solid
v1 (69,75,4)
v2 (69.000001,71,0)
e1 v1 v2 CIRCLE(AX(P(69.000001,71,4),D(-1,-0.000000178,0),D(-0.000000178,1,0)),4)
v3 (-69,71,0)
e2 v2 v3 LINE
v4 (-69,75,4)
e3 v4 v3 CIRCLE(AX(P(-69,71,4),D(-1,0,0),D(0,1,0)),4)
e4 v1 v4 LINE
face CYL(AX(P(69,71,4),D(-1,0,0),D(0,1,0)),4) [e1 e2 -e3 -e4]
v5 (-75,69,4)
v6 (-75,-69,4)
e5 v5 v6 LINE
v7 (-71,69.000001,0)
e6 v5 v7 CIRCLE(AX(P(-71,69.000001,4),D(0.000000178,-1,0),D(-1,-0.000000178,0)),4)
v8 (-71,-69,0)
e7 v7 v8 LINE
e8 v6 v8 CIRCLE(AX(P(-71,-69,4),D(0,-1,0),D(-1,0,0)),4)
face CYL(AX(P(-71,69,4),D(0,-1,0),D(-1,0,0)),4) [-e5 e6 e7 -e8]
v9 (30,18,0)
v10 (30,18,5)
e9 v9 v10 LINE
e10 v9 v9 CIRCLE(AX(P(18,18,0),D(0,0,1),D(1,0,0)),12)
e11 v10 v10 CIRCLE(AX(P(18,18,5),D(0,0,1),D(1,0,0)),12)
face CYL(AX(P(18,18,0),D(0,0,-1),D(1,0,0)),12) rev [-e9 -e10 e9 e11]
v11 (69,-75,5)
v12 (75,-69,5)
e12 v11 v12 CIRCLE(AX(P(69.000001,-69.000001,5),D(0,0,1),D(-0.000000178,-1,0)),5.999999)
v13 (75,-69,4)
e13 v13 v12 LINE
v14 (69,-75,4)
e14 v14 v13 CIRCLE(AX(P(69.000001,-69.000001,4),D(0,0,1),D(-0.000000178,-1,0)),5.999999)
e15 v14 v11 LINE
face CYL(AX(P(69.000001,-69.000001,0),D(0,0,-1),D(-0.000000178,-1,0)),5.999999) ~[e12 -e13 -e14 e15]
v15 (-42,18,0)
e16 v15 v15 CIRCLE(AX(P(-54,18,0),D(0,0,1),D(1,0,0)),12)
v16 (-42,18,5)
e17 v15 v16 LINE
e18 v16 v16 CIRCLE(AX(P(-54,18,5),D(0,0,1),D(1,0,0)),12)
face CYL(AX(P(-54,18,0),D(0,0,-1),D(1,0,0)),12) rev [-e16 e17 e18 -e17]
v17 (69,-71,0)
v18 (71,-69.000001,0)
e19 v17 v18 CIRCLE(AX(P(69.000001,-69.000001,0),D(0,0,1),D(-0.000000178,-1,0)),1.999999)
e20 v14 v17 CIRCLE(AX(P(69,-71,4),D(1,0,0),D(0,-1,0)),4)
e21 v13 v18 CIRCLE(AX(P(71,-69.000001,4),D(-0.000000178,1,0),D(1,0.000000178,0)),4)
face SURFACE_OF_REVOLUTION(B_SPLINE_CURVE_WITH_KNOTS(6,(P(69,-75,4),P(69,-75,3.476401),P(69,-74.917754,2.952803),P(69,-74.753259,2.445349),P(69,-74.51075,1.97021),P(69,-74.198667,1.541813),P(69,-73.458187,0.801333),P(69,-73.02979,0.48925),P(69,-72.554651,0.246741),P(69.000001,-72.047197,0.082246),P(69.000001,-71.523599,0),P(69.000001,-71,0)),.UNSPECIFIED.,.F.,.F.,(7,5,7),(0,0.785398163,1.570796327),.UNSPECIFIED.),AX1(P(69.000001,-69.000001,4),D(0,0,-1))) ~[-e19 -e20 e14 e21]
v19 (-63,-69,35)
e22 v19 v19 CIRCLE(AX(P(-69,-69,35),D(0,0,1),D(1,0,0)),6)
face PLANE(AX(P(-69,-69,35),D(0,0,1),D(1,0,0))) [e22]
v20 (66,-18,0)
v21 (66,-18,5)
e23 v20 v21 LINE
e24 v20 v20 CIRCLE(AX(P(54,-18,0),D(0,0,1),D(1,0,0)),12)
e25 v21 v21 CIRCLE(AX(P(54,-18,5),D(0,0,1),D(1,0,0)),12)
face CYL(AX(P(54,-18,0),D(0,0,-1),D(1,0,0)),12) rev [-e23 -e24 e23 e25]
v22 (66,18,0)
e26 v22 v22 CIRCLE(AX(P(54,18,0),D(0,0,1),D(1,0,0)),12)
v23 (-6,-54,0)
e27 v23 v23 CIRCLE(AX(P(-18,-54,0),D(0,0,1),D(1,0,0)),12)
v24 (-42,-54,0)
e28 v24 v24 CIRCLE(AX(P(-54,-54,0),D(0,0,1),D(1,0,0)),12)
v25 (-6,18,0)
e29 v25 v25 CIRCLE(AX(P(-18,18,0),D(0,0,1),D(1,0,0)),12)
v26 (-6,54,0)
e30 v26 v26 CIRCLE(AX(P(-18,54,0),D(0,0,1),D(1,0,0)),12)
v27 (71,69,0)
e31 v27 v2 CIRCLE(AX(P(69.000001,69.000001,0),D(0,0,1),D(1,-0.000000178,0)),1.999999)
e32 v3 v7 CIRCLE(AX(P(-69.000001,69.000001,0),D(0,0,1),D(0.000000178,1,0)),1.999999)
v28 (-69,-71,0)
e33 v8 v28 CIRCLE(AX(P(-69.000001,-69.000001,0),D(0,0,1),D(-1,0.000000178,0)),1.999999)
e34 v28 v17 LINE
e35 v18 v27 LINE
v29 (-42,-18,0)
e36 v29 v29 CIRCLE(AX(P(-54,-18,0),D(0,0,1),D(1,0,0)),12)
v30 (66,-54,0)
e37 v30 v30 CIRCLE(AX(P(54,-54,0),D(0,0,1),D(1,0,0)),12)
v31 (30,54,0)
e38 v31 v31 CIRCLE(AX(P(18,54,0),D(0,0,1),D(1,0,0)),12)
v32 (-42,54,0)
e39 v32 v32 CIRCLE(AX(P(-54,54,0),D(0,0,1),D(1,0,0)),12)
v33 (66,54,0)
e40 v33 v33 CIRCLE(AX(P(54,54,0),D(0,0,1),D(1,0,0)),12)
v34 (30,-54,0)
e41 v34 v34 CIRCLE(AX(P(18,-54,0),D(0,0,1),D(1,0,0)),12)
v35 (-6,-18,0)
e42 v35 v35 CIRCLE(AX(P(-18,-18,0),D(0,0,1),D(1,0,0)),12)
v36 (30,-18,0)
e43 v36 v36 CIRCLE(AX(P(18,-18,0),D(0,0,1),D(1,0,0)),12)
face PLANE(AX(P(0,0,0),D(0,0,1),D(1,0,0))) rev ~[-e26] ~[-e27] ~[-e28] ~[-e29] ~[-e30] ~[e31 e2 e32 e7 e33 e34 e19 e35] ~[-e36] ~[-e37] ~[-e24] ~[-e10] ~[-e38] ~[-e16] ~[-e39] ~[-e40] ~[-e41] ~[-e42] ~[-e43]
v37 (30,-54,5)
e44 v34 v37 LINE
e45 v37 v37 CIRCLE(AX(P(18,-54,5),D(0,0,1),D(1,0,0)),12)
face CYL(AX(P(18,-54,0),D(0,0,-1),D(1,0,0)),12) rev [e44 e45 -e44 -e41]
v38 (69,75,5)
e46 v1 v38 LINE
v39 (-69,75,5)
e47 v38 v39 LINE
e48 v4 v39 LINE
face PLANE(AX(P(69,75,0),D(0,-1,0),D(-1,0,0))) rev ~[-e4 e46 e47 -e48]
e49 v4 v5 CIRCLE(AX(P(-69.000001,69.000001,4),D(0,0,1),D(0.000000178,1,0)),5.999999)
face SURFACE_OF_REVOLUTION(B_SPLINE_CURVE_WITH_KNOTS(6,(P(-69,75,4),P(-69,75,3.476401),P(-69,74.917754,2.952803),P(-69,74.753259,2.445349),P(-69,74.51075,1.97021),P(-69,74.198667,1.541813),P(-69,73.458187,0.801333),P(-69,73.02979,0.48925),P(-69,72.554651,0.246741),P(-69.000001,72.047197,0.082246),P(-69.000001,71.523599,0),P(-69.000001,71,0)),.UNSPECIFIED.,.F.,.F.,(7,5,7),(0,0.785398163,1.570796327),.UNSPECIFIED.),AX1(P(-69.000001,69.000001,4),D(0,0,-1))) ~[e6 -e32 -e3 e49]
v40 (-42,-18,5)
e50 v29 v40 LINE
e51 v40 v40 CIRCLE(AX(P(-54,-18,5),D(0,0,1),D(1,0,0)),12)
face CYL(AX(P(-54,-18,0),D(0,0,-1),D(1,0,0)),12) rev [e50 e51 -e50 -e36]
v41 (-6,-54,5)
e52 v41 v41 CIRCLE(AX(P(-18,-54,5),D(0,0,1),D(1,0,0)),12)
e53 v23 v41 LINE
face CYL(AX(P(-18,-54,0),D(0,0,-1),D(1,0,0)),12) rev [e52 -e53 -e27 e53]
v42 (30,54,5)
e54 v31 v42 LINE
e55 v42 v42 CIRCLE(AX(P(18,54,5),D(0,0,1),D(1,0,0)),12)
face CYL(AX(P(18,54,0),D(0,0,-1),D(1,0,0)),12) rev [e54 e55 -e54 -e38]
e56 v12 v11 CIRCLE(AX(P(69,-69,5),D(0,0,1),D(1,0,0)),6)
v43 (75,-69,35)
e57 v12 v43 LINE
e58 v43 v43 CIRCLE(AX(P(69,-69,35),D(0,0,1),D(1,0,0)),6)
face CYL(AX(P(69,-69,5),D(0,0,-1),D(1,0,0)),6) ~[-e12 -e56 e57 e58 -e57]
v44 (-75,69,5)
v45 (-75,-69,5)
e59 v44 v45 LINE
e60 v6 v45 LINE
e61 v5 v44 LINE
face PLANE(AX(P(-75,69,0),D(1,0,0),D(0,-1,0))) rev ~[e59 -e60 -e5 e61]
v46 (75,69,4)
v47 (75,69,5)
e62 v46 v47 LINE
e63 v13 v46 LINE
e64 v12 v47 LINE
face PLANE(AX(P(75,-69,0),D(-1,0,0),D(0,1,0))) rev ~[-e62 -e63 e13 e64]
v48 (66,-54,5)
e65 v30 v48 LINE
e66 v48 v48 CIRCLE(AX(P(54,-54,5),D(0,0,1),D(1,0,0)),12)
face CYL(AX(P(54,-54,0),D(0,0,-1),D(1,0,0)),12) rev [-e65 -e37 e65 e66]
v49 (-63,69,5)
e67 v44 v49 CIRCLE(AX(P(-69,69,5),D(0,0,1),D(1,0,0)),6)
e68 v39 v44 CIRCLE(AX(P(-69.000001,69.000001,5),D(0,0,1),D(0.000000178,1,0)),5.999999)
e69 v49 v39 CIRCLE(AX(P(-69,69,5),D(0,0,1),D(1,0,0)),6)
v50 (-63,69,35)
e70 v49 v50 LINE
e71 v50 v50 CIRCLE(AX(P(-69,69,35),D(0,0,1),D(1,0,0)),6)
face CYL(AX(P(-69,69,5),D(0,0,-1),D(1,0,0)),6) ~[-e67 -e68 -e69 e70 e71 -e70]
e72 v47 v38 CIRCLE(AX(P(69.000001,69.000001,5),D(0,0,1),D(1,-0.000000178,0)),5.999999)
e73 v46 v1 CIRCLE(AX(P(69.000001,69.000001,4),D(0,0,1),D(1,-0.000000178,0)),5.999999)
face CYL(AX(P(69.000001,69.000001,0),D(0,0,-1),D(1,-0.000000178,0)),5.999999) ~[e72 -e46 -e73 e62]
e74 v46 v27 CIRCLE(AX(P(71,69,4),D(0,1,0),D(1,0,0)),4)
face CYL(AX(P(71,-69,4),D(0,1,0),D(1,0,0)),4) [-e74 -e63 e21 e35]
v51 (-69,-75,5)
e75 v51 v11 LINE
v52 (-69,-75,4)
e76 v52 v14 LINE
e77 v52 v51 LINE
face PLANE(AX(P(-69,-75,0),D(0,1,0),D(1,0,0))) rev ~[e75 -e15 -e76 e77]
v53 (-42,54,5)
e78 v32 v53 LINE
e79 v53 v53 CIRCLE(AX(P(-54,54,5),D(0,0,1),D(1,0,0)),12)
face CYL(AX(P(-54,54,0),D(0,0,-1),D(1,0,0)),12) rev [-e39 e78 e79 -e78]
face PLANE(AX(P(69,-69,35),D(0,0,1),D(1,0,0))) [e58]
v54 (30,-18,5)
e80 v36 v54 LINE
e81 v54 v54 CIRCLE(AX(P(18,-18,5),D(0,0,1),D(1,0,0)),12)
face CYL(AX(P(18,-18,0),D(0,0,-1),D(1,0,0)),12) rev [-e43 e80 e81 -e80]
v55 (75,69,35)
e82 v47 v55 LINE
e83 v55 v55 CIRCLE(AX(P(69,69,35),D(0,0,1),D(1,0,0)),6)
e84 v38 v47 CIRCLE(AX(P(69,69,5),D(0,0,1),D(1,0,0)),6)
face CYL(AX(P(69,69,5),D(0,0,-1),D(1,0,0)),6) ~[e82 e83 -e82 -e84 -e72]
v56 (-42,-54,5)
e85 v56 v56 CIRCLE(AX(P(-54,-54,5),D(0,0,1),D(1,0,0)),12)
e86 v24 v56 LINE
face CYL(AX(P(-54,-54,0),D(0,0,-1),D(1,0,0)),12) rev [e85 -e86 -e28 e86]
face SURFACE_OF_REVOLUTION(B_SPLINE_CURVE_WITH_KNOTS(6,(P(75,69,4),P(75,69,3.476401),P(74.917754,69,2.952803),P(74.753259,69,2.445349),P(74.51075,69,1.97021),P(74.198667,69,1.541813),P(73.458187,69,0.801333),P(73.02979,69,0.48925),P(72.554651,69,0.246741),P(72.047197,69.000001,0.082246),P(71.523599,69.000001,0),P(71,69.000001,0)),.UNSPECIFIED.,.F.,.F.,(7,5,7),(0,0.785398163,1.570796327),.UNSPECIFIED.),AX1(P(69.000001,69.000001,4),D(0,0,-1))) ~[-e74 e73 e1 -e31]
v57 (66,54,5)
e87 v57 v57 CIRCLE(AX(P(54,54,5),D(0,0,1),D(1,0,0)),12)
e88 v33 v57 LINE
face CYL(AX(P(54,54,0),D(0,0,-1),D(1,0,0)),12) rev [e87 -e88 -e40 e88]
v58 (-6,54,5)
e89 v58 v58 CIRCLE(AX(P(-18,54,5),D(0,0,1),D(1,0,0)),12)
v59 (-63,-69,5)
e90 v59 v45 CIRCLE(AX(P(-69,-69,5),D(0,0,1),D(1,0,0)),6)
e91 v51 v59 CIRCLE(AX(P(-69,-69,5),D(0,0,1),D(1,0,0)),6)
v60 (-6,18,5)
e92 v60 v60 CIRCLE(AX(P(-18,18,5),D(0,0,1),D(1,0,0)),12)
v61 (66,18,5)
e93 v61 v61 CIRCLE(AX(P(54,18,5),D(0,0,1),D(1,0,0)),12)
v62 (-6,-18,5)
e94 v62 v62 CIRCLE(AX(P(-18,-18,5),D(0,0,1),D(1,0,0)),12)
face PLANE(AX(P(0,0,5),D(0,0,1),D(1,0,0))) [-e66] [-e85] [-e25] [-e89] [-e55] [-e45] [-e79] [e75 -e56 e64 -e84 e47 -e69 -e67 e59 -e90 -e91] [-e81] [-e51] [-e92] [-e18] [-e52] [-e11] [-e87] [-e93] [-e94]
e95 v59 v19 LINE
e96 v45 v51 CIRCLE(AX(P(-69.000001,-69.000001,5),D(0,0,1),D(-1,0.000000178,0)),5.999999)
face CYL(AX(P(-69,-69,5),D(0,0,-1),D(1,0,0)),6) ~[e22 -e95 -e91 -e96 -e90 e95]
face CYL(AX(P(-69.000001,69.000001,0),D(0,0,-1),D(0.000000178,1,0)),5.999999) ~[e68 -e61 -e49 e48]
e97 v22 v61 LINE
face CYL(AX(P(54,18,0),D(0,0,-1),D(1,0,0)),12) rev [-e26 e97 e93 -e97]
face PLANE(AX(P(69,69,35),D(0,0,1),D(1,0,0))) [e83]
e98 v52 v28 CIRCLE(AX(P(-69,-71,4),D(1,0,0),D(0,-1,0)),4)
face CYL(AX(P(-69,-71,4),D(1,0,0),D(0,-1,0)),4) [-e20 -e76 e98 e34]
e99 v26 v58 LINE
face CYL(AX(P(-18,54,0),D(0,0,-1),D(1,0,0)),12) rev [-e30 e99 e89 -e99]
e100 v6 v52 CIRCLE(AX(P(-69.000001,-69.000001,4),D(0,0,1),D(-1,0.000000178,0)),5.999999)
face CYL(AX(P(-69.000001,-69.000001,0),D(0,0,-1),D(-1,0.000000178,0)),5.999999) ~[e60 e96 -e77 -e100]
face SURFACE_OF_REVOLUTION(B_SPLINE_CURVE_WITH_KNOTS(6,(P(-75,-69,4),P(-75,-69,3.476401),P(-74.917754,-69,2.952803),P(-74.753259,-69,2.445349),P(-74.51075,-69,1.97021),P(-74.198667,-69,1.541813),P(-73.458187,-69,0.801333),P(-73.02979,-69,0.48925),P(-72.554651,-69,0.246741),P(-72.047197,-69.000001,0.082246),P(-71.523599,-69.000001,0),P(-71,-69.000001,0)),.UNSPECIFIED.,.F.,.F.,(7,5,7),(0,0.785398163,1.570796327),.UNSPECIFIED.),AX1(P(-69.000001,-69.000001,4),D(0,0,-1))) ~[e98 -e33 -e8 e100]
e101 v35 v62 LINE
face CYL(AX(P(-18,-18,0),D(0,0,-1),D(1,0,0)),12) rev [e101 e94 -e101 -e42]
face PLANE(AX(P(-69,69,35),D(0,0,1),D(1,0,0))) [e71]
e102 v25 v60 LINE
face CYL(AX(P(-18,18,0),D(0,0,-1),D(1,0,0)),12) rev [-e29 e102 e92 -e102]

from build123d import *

# Parameters (mm, degrees)
SKETCH_R     = 12
PAD_DEPTH    = 5
SKETCH001_R  = 6
PAD001_DEPTH = 30
FILLET_R     = 4


with BuildPart() as part:
    # Sketch → Pad (new body)
    with BuildSketch(Plane.XY):
        with BuildLine():
            Line((-69, -75), (69, -75))
            ThreePointArc((69, -75), (73.242641, -73.242641), (75, -69))
            Line((75, -69), (75, 69))
            ThreePointArc((75, 69), (73.242641, 73.242641), (69, 75))
            Line((69, 75), (-69, 75))
            ThreePointArc((-69, 75), (-73.242641, 73.242641), (-75, 69))
            Line((-75, 69), (-75, -69))
            ThreePointArc((-75, -69), (-73.242641, -73.242641), (-69, -75))
        make_face()
        with Locations((-54, 54)):
            Circle(SKETCH_R, mode=Mode.SUBTRACT)
        with Locations((-18, 54)):
            Circle(SKETCH_R, mode=Mode.SUBTRACT)
        with Locations((18, 54)):
            Circle(SKETCH_R, mode=Mode.SUBTRACT)
        with Locations((54, 54)):
            Circle(SKETCH_R, mode=Mode.SUBTRACT)
        with Locations((-54, 18)):
            Circle(SKETCH_R, mode=Mode.SUBTRACT)
        with Locations((-18, 18)):
            Circle(SKETCH_R, mode=Mode.SUBTRACT)
        with Locations((18, 18)):
            Circle(SKETCH_R, mode=Mode.SUBTRACT)
        with Locations((54, 18)):
            Circle(SKETCH_R, mode=Mode.SUBTRACT)
        with Locations((-54, -18)):
            Circle(SKETCH_R, mode=Mode.SUBTRACT)
        with Locations((-18, -18)):
            Circle(SKETCH_R, mode=Mode.SUBTRACT)
        with Locations((18, -18)):
            Circle(SKETCH_R, mode=Mode.SUBTRACT)
        with Locations((54, -18)):
            Circle(SKETCH_R, mode=Mode.SUBTRACT)
        with Locations((-54, -54)):
            Circle(SKETCH_R, mode=Mode.SUBTRACT)
        with Locations((-18, -54)):
            Circle(SKETCH_R, mode=Mode.SUBTRACT)
        with Locations((18, -54)):
            Circle(SKETCH_R, mode=Mode.SUBTRACT)
        with Locations((54, -54)):
            Circle(SKETCH_R, mode=Mode.SUBTRACT)
    extrude(amount=PAD_DEPTH)

    # Sketch001 (on Face26 of Pad) → Pad001 (join)
    with BuildSketch(Plane.XY.offset(5)):
        with Locations((-69, 69)):
            Circle(SKETCH001_R)
        with Locations((69, 69)):
            Circle(SKETCH001_R)
        with Locations((69, -69)):
            Circle(SKETCH001_R)
        with Locations((-69, -69)):
            Circle(SKETCH001_R)
    extrude(amount=PAD001_DEPTH)

    # Fillet
    fillet_edges = [part.edges().sort_by_distance(p)[0] for p in [
        (0, -75, 0),
        (-75, 0, 0),
        (0, 75, 0),
        (75, 0, 0),
    ]]
    fillet(fillet_edges, radius=FILLET_R)


solid = part.part
